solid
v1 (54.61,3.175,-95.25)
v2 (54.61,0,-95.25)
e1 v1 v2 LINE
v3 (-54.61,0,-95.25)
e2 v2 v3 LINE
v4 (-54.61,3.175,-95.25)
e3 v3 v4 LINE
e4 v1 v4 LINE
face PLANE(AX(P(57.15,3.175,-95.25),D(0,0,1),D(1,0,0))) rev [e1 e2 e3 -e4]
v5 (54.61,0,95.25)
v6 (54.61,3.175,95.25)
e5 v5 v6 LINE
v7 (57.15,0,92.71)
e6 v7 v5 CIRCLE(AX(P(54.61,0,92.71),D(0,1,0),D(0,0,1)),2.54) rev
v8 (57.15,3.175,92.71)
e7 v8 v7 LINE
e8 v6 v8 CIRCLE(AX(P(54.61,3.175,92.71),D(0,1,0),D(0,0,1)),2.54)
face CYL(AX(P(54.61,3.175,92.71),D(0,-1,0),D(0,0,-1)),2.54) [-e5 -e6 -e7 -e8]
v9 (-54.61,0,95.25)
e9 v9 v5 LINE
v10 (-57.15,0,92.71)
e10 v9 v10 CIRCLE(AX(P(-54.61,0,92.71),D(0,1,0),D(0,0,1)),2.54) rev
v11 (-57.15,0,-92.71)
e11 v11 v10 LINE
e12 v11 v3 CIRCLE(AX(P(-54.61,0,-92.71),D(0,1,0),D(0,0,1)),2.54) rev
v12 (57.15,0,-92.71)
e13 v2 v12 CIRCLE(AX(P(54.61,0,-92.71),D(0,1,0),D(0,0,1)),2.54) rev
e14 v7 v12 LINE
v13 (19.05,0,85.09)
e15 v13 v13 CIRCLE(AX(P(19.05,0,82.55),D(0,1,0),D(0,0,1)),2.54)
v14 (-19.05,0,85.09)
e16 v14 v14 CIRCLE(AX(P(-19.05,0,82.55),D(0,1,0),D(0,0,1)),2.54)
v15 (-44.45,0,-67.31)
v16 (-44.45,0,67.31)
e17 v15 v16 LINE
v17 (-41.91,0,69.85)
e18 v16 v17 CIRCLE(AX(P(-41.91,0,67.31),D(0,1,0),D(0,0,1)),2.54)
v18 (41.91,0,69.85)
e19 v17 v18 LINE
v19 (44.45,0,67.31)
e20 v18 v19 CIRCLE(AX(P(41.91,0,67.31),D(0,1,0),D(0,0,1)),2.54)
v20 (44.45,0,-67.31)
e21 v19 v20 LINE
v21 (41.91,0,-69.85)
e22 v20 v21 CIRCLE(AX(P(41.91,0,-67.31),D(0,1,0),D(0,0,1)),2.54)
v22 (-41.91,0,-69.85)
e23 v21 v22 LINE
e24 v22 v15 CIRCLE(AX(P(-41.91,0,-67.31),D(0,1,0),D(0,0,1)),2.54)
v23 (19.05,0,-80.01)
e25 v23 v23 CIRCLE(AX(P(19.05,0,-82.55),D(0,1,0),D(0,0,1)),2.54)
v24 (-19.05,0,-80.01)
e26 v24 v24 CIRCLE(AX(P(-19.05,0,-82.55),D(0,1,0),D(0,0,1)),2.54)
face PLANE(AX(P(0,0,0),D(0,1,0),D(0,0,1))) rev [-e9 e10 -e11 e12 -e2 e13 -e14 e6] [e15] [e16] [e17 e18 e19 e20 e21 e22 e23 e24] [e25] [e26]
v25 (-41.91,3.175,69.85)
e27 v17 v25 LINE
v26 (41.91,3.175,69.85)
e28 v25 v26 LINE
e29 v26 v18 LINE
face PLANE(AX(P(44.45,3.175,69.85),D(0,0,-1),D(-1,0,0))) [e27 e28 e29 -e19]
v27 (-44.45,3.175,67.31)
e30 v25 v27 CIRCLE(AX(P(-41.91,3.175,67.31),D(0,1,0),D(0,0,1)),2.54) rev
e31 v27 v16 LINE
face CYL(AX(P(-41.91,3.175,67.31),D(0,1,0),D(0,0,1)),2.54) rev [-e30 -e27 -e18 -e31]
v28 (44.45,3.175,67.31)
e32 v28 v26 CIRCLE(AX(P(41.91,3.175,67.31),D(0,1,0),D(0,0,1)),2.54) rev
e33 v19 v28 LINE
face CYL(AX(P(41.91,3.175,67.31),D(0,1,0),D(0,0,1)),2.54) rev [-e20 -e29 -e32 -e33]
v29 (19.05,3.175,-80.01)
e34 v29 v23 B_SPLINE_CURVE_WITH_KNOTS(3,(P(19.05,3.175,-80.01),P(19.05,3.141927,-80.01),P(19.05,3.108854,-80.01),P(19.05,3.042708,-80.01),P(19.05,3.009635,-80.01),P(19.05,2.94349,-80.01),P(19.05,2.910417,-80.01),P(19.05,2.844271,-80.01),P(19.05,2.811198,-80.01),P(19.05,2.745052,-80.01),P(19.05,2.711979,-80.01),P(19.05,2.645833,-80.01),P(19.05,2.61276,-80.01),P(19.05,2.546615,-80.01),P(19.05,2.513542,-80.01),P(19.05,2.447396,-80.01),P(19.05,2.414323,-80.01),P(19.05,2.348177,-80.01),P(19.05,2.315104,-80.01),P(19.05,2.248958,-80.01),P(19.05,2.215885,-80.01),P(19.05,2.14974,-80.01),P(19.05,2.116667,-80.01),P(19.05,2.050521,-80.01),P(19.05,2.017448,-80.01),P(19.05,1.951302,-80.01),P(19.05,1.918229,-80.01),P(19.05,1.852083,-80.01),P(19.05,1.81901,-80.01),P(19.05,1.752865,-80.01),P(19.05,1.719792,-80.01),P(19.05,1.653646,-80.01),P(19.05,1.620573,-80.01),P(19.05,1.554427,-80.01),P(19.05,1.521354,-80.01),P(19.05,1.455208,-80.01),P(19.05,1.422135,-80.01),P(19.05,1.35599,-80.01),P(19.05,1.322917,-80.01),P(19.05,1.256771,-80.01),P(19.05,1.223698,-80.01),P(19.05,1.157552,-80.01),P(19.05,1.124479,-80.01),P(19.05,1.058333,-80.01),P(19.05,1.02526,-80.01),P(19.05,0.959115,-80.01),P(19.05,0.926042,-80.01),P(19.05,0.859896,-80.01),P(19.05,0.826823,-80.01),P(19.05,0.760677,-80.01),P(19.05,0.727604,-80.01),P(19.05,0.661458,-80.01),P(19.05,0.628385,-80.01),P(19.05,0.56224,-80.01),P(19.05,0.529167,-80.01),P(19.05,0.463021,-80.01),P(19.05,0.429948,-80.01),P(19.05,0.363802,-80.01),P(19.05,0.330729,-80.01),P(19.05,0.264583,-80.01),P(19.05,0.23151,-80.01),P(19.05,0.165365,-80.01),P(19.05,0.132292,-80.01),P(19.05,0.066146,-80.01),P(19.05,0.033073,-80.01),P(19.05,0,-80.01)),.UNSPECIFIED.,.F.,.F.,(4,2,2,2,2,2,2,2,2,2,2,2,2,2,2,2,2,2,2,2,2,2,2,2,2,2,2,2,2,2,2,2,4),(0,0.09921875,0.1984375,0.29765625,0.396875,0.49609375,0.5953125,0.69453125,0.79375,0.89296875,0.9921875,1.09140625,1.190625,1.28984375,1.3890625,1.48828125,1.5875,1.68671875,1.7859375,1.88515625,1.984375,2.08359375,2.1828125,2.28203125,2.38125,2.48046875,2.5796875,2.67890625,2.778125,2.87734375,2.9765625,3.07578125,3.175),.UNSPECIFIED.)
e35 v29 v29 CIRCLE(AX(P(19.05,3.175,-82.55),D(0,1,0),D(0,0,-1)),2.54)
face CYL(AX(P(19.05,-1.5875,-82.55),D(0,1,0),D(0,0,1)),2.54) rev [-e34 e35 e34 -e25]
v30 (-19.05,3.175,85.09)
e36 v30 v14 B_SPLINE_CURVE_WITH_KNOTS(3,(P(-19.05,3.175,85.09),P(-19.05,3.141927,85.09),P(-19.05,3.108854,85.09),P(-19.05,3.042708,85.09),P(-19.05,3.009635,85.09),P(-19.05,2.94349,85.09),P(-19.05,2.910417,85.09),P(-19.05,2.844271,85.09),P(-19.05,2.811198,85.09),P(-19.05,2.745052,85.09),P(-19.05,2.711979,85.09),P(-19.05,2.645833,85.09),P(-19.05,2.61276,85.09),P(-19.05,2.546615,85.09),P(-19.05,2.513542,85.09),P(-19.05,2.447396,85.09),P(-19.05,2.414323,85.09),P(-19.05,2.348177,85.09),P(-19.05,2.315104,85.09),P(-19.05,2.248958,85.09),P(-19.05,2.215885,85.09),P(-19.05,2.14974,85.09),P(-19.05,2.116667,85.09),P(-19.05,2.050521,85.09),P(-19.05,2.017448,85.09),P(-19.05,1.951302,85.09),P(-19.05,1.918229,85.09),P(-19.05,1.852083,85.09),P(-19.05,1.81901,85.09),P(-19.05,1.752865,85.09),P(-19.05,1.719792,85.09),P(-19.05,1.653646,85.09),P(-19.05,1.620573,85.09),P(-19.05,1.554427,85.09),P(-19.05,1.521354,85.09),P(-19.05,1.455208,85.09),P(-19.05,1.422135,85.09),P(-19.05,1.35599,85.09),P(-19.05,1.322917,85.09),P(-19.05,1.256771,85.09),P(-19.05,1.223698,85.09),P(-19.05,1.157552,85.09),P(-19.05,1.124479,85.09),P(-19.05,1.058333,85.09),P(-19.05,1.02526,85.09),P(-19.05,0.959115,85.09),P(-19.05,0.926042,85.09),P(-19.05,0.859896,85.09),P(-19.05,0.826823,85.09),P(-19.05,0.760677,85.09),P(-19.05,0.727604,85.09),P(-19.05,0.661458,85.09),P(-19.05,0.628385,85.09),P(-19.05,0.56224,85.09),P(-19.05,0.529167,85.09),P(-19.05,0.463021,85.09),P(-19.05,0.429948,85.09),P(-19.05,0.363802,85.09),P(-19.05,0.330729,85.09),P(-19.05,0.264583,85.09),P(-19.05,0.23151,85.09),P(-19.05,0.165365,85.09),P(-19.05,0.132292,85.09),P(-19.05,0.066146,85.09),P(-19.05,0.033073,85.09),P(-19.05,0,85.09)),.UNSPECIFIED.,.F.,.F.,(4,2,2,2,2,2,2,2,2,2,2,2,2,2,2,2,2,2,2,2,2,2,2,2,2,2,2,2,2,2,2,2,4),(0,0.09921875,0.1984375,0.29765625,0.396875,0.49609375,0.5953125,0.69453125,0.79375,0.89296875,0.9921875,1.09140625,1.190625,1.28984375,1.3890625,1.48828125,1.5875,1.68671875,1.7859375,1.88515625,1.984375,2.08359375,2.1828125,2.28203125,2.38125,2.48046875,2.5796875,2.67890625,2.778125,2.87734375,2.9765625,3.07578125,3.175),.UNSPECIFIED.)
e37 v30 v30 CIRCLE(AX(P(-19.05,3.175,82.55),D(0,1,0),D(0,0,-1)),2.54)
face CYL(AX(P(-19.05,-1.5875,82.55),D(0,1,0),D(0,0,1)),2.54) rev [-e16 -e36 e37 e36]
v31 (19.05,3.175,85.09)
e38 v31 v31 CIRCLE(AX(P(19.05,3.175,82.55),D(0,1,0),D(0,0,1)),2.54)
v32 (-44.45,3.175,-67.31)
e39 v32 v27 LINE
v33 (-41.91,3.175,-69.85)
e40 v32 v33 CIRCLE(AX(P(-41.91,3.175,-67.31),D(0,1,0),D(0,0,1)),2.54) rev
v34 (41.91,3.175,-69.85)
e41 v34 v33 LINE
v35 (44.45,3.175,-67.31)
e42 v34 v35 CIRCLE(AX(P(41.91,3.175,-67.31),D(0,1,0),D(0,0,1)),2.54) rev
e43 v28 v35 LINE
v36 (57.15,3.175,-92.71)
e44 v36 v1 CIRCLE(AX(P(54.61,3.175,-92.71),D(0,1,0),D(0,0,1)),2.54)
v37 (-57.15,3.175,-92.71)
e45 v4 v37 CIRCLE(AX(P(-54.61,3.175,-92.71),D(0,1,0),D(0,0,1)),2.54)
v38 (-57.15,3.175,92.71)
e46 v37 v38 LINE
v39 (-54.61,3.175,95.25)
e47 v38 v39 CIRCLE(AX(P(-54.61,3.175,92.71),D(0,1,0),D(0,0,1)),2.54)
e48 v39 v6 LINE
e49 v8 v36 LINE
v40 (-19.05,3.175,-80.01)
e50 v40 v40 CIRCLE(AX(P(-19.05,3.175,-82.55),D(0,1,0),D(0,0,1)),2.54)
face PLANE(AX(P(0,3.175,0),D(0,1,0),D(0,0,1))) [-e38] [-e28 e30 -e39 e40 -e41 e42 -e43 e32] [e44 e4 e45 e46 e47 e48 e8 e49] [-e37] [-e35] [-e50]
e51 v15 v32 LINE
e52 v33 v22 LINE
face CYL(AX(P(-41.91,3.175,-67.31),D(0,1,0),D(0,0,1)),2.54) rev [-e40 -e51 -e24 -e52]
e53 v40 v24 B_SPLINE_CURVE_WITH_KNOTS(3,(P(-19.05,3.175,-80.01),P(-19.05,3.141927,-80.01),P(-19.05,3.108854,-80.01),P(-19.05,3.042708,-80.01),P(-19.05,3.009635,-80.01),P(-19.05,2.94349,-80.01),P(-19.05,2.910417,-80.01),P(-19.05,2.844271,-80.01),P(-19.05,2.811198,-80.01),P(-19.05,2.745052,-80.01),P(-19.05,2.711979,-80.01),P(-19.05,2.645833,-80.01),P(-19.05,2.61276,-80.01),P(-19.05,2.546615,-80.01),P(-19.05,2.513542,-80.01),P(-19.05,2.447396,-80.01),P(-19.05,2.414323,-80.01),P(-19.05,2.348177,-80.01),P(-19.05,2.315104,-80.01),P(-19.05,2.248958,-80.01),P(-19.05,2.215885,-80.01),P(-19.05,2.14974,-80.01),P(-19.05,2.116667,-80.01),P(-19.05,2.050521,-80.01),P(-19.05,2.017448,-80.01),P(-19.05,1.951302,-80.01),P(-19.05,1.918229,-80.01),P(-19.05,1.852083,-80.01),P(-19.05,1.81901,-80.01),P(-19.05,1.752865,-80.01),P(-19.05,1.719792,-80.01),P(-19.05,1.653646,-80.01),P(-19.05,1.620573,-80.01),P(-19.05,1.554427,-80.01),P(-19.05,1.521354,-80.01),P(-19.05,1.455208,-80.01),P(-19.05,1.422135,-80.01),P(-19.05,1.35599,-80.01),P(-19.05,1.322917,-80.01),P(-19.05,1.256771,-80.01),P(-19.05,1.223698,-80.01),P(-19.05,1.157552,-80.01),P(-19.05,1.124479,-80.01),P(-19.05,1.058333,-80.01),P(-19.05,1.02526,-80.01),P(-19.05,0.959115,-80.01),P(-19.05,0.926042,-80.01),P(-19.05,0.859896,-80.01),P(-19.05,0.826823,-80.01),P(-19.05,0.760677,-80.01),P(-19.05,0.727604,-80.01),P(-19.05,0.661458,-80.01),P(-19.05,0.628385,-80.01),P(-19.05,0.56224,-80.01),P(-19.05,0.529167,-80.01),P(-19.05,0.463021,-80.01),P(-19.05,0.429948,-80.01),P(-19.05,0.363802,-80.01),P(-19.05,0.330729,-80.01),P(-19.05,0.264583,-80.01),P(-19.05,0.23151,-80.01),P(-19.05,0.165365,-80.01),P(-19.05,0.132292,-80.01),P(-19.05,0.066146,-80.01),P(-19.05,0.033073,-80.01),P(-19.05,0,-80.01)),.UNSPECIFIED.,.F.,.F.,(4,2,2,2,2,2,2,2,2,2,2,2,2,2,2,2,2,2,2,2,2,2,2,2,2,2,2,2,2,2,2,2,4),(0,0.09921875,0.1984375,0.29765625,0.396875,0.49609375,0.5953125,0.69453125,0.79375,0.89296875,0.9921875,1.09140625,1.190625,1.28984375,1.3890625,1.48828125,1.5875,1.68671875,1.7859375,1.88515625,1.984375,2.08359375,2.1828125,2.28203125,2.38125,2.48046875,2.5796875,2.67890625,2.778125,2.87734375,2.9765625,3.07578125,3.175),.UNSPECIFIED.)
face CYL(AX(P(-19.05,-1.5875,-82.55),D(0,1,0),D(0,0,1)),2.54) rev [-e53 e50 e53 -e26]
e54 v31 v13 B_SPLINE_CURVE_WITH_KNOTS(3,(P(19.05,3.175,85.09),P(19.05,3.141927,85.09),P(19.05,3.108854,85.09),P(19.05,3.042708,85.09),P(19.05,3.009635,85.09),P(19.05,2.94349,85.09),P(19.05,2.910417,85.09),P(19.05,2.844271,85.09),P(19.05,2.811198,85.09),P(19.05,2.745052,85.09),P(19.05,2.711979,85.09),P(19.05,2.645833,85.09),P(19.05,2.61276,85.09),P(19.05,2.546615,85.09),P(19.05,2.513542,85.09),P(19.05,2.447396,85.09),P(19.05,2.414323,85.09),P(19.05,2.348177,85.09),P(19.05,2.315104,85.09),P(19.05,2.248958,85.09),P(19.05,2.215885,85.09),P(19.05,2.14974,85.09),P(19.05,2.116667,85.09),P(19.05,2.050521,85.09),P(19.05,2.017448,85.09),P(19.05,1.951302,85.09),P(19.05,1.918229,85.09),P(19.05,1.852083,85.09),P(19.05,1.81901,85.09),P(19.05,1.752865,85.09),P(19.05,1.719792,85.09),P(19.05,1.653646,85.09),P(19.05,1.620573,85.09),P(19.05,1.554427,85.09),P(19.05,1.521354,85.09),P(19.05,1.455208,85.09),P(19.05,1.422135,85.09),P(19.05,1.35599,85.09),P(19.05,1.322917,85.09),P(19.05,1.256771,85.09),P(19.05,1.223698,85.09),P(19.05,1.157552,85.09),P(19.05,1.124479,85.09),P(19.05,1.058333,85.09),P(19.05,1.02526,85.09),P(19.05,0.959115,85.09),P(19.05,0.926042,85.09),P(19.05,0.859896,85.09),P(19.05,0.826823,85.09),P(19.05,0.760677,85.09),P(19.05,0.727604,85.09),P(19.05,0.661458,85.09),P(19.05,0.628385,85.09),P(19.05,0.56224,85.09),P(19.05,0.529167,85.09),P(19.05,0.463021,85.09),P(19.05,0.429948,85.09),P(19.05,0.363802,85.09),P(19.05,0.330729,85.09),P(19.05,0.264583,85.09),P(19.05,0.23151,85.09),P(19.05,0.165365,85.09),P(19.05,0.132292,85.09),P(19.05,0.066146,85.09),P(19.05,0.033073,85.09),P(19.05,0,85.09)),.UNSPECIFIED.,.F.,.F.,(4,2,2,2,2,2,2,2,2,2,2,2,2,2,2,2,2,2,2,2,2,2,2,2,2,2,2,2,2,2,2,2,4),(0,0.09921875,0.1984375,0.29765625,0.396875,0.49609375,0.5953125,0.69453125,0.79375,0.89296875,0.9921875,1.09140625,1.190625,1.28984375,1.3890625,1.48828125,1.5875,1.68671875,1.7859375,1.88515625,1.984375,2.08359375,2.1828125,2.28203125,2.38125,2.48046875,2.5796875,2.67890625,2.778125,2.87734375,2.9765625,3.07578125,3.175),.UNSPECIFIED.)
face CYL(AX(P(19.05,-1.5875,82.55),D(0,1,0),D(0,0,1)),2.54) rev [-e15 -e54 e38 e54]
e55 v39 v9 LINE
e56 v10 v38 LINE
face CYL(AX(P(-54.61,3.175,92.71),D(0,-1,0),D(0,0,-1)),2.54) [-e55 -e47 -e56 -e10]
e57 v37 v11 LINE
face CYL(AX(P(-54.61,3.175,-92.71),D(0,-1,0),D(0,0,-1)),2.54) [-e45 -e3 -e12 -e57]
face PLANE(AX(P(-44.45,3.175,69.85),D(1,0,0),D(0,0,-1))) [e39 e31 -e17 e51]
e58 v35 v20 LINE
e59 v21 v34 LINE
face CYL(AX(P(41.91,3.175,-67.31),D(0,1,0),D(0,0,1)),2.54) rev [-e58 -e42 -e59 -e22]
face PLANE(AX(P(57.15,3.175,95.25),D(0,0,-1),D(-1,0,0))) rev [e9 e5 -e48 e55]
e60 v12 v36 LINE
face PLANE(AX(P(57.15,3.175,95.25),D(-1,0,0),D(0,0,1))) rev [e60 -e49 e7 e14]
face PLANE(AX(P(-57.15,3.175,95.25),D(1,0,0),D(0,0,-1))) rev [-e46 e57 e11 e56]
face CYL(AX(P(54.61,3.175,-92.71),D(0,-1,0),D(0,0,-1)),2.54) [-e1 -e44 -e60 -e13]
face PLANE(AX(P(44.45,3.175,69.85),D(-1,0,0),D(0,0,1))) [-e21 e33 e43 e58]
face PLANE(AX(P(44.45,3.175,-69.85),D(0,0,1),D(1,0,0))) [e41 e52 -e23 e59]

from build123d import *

# Parameters (mm, degrees)
SKETCH1_W           = 114.3
SKETCH1_H           = 190.5
SKETCH1_W_2         = 88.9
SKETCH1_H_2         = 139.7
BOSS_EXTRUDE1_DEPTH = 3.175
SKETCH2_R           = 2.54
CUT_EXTRUDE1_DEPTH  = 4.7625
FILLET1_R           = 2.54
FILLET2_R           = 2.54


with BuildPart() as part:
    # Sketch1 → Boss-Extrude1 (new body)
    with BuildSketch(Plane(origin=(0, 0, 0), x_dir=(1, 0, 0), z_dir=(0, 1, 0))):
        Rectangle(SKETCH1_W, SKETCH1_H)
        Rectangle(SKETCH1_W_2, SKETCH1_H_2, mode=Mode.SUBTRACT)
    extrude(amount=BOSS_EXTRUDE1_DEPTH)

    # Sketch2 → Cut-Extrude1 (cut)
    with BuildSketch(Plane(origin=(0, 3.175, 0), x_dir=(1, 0, 0), z_dir=(0, 1, 0))):
        with Locations(Location((19.05, -82.55, 0), (0, 0, 270))):
            Circle(SKETCH2_R)
        with Locations(Location((19.05, 82.55, 0), (0, 0, 270))):
            Circle(SKETCH2_R)
        with Locations(Location((-19.05, -82.55, 0), (0, 0, 270))):
            Circle(SKETCH2_R)
        with Locations(Location((-19.05, 82.55, 0), (0, 0, 270))):
            Circle(SKETCH2_R)
    extrude(amount=-CUT_EXTRUDE1_DEPTH, mode=Mode.SUBTRACT)

    # Fillet1
    fillet1_edges = [part.edges().sort_by_distance(p)[0] for p in [
        (-44.45, 1.5875, -69.85),
        (-44.45, 1.5875, 69.85),
        (44.45, 1.5875, 69.85),
        (44.45, 1.5875, -69.85),
    ]]
    fillet(fillet1_edges, radius=FILLET1_R)

    # Fillet2
    fillet2_edges = [part.edges().sort_by_distance(p)[0] for p in [
        (-57.15, 1.5875, -95.25),
        (57.15, 1.5875, -95.25),
        (57.15, 1.5875, 95.25),
        (-57.15, 1.5875, 95.25),
    ]]
    fillet(fillet2_edges, radius=FILLET2_R)


solid = part.part
